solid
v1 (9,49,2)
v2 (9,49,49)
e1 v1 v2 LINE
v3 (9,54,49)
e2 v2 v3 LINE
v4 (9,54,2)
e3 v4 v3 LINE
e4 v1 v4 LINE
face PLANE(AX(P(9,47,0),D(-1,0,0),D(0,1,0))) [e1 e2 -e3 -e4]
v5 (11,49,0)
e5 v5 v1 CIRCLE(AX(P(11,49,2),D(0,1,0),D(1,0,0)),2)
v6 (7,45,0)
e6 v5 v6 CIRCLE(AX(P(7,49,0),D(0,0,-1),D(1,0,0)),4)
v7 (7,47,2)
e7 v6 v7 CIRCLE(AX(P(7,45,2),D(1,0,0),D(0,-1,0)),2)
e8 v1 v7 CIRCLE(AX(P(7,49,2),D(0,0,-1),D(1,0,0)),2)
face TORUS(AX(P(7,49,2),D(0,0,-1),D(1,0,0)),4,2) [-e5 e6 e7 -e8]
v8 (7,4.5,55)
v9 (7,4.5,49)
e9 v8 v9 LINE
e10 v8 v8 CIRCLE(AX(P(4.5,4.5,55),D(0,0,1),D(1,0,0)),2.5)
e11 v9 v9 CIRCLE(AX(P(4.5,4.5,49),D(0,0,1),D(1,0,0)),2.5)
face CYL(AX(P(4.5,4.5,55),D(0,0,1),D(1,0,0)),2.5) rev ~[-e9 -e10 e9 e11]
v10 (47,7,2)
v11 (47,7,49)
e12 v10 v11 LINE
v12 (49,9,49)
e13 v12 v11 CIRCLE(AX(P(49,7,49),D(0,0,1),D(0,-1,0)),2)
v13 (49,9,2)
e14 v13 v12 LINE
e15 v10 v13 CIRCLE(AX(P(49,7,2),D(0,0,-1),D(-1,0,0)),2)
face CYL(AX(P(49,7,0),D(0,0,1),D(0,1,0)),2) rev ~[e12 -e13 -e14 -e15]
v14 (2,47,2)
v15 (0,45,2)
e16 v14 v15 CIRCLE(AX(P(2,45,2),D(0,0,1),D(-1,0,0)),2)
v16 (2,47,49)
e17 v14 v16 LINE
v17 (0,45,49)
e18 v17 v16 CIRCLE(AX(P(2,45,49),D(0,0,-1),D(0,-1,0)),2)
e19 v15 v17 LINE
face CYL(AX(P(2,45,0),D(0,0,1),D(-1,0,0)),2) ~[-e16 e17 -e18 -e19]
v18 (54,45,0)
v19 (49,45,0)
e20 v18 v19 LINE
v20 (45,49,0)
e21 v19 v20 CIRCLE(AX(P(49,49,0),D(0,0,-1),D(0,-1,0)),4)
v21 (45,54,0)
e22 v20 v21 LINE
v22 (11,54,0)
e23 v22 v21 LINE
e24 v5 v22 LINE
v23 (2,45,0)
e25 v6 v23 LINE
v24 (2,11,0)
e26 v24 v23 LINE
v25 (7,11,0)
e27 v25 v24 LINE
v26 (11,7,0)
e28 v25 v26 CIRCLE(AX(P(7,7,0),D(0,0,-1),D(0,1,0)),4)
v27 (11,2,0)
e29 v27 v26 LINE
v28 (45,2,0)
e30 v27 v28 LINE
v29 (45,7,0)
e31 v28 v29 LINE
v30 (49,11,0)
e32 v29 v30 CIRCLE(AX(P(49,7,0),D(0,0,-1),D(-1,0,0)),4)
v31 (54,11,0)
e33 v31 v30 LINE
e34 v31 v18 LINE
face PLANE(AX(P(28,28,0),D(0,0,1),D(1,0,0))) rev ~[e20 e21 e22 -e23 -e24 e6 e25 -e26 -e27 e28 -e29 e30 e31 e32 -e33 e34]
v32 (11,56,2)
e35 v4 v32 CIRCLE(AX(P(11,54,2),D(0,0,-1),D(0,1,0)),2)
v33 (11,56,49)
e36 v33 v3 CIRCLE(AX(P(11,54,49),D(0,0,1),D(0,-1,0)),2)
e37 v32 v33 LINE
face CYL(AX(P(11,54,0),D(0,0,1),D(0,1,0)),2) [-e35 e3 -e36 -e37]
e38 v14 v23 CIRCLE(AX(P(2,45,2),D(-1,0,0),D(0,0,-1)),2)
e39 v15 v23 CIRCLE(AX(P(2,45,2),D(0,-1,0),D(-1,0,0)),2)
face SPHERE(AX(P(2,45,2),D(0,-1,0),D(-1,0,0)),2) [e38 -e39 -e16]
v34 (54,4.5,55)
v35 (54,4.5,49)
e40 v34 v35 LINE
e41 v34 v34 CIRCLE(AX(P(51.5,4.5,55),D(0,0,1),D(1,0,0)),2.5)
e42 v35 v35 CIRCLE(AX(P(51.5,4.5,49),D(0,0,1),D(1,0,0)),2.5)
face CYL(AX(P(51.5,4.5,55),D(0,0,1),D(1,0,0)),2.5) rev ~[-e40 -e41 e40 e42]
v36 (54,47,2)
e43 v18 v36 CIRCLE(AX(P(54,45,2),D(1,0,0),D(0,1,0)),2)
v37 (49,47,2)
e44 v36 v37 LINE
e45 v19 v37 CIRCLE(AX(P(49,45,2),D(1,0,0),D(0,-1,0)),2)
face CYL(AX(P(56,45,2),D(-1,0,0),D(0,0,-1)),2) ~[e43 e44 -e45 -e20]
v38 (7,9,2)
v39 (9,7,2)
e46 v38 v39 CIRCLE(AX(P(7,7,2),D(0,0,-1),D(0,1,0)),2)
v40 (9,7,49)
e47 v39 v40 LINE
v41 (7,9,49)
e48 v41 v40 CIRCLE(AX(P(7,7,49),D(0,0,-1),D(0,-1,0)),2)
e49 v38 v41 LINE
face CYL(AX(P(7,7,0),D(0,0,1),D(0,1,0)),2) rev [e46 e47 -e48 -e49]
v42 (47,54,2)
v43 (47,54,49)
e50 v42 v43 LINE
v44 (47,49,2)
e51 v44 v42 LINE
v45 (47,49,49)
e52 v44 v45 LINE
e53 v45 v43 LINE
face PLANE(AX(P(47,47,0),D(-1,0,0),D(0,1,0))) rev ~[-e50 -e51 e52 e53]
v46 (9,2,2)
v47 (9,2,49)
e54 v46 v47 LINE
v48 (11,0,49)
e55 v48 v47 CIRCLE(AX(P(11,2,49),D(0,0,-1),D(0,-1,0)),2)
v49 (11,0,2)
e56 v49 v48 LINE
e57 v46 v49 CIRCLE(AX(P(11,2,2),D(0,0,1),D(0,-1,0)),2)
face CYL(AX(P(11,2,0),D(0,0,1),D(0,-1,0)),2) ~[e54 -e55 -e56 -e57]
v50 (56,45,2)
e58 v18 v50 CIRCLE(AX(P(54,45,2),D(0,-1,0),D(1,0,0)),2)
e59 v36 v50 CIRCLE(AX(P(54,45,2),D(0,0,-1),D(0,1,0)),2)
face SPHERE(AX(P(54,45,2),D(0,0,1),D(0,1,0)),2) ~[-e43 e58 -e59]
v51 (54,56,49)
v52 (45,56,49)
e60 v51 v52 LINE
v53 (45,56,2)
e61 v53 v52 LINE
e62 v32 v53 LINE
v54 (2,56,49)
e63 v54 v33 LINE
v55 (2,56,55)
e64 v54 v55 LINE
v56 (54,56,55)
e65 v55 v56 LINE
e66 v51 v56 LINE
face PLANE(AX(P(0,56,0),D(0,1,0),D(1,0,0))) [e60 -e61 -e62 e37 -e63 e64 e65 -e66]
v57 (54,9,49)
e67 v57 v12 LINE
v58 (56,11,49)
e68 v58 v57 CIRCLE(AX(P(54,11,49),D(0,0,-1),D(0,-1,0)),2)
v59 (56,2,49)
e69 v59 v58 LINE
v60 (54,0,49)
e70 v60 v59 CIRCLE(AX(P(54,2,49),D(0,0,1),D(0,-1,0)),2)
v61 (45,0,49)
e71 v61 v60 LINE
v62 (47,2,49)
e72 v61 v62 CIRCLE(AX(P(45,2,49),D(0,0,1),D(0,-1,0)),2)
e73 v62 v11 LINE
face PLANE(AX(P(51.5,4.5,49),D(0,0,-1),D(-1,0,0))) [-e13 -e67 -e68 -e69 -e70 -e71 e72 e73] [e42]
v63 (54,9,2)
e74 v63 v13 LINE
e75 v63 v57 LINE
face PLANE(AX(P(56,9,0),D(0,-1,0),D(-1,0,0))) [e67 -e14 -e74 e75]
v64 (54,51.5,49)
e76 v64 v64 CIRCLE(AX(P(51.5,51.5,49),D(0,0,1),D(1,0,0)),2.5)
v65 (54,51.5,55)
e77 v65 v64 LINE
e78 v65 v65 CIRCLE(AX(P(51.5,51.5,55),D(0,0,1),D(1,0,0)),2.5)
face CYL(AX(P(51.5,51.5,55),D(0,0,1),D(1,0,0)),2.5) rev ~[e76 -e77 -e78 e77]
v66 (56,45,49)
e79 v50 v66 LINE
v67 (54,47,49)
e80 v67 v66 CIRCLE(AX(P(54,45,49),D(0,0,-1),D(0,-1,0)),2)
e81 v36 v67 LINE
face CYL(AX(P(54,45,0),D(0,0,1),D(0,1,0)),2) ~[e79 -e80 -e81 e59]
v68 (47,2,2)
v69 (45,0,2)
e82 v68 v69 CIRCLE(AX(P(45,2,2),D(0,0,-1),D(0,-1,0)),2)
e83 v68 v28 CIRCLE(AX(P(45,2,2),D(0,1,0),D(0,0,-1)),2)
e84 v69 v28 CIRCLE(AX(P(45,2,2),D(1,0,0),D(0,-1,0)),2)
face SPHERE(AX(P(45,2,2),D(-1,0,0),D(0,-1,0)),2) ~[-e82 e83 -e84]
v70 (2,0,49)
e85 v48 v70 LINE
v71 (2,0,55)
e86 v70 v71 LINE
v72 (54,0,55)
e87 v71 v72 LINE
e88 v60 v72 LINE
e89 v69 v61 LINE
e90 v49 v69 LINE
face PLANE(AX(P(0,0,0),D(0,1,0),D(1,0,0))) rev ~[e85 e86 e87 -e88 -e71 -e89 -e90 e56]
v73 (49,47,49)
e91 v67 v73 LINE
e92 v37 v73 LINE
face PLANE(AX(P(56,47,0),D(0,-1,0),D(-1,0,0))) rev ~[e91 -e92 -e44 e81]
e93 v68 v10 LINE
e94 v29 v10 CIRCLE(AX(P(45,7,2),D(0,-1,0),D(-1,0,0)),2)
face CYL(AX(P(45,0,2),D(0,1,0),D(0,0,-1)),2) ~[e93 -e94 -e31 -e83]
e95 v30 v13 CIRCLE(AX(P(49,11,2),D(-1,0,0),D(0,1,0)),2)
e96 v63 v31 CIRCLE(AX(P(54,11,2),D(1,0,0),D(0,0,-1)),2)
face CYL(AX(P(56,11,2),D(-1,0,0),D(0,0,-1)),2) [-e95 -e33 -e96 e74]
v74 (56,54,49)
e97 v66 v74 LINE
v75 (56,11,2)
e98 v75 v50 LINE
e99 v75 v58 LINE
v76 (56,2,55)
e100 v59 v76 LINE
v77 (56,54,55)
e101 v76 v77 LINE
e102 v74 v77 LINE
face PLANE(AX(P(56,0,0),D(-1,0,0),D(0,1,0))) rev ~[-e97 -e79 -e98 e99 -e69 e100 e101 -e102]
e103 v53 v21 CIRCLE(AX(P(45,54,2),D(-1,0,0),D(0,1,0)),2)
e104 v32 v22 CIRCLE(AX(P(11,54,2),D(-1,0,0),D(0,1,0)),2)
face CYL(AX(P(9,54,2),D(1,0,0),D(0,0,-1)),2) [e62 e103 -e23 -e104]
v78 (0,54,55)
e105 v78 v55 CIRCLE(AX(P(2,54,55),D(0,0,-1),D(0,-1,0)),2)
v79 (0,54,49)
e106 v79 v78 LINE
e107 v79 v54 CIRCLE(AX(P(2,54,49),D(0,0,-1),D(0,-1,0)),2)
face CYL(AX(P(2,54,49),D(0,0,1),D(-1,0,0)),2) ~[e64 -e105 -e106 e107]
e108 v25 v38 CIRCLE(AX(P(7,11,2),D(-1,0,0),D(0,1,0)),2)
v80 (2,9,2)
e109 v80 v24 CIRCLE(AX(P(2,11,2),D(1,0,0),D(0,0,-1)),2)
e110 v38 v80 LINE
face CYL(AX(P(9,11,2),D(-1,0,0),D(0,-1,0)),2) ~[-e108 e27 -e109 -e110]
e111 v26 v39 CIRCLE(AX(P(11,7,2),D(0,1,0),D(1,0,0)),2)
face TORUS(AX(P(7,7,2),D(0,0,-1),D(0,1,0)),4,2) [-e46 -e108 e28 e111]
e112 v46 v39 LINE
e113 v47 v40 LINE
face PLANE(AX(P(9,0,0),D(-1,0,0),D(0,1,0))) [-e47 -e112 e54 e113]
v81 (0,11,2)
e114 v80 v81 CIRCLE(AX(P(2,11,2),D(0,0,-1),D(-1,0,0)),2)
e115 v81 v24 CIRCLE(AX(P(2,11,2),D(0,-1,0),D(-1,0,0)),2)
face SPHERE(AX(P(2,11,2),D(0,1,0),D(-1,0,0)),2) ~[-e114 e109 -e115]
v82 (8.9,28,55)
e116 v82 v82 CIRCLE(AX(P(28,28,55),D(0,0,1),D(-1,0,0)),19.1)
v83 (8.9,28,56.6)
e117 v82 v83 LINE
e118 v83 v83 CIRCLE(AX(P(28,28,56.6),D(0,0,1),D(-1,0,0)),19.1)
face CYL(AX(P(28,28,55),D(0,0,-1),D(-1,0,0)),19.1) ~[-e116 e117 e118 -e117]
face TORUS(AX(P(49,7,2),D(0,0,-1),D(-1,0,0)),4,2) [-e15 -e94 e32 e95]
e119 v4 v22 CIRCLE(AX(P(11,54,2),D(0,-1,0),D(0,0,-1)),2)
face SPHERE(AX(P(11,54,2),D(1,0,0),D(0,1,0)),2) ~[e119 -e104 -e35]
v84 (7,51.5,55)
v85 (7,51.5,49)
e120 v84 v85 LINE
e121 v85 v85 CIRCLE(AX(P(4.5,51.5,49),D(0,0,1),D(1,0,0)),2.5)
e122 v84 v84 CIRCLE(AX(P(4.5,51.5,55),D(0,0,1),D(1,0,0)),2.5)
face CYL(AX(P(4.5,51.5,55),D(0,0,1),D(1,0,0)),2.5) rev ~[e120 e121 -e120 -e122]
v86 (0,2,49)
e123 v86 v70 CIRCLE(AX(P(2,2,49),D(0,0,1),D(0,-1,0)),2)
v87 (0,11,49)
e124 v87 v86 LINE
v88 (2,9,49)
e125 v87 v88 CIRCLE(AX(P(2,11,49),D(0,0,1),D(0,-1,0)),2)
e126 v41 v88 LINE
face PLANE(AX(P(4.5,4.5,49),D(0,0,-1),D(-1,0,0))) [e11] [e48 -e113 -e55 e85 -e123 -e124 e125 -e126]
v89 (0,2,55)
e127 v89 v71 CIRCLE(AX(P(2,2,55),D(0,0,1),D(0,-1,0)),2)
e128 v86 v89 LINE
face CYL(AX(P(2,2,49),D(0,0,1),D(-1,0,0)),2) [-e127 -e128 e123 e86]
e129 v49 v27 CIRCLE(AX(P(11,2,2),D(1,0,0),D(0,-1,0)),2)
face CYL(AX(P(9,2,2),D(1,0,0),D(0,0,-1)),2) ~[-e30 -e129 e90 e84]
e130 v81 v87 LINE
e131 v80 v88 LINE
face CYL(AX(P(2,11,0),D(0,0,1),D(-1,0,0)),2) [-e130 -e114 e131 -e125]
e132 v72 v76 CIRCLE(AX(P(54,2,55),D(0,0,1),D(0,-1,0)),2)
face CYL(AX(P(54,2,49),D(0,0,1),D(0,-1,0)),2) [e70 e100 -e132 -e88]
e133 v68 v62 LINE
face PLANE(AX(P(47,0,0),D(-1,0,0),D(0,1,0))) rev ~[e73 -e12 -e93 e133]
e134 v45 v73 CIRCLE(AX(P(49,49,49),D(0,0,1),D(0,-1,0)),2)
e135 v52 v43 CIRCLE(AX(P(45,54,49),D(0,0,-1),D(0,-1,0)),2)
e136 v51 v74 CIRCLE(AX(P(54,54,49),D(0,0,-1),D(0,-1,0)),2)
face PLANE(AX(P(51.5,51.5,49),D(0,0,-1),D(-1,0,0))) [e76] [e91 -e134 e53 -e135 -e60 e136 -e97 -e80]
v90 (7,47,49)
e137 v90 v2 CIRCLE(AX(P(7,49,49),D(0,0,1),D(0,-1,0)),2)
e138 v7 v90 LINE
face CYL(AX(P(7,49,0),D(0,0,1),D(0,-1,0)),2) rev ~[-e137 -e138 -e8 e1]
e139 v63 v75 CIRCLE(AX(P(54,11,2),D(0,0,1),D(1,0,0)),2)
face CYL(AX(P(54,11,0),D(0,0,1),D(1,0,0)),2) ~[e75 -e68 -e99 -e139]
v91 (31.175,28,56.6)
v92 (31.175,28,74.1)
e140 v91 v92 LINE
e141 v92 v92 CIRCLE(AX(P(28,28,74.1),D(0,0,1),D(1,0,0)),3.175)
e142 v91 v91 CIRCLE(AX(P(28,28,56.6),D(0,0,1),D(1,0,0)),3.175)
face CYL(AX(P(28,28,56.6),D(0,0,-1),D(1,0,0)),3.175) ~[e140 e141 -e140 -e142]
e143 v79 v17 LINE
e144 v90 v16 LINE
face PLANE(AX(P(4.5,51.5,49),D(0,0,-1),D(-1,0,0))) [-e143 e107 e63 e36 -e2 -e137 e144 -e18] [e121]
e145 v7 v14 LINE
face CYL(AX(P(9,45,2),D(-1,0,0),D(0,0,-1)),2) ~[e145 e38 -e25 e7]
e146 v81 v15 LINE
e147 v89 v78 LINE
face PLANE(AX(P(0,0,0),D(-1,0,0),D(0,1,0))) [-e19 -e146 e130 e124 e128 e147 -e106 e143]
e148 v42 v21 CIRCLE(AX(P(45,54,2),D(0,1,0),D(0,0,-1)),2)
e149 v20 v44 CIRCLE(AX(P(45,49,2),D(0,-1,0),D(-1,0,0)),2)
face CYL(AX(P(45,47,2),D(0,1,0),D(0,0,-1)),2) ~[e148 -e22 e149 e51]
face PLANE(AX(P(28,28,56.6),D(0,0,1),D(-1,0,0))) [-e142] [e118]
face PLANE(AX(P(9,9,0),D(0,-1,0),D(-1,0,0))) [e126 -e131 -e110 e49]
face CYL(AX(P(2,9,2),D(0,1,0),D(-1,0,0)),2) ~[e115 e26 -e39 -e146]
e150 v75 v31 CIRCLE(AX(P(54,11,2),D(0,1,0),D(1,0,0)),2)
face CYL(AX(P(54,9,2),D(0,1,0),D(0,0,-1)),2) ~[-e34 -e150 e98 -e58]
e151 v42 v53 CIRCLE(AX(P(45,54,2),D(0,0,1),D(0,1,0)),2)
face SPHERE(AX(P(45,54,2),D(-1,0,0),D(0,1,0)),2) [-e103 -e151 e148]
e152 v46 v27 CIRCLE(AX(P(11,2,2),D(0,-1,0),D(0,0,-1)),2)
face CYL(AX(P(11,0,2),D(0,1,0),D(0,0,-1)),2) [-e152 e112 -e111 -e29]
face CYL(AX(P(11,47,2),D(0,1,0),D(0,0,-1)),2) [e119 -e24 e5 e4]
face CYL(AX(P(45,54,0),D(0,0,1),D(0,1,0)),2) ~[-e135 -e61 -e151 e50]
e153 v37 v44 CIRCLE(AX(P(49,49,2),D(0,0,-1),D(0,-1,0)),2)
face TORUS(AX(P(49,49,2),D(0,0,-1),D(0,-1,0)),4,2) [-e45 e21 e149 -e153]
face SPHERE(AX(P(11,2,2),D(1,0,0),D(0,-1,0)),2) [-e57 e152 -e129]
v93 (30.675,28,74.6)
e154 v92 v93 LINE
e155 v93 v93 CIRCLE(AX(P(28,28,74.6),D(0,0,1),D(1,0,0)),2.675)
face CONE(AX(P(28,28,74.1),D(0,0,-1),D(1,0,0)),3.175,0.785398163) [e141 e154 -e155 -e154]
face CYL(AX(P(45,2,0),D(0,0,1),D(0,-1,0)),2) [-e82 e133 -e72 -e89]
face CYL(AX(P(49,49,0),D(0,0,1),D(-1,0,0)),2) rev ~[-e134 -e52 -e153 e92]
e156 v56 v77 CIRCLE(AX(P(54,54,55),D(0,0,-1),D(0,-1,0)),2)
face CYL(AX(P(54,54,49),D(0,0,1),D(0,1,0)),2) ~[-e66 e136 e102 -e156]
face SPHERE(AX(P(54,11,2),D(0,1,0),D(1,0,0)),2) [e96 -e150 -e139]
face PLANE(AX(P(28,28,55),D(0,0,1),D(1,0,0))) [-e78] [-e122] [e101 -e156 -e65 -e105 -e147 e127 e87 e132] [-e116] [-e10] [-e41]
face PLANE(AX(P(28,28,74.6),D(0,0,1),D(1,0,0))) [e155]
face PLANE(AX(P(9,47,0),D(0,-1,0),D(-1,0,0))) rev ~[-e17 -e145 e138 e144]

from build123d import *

# Parameters (mm, degrees)
SKETCH_1_W          = 56
SKETCH_1_H          = 56
EXTRUDE_1_DEPTH     = 55
SKETCH_2_W          = 9
SKETCH_2_H          = 9
CUT_EXTRUDE_1_DEPTH = 49
FILLET_1_R          = 2
SKETCH_3_R          = 19.1
EXTRUDE_2_DEPTH     = 1.6
SKETCH_4_R          = 3.175
EXTRUDE_3_DEPTH     = 18
SKETCH_5_R          = 2.5
CUT_EXTRUDE_2_DEPTH = 18
CHAMFER_1_SIZE      = 0.5


with BuildPart() as part:
    # Эскиз1 → Вытянуть1 (new body)
    with BuildSketch(Plane.XY):
        with Locations((28, 28)):
            Rectangle(SKETCH_1_W, SKETCH_1_H)
    extrude(amount=EXTRUDE_1_DEPTH)

    # Эскиз2 → Вырез-Вытянуть1 (cut)
    with BuildSketch(Plane(origin=(0, 0, 0), x_dir=(-1, 0, 0), z_dir=(0, 0, -1))):
        with Locations((-51.5, 51.5)):
            Rectangle(SKETCH_2_W, SKETCH_2_H)
        with Locations((-4.5, 51.5)):
            Rectangle(SKETCH_2_W, SKETCH_2_H)
        with Locations((-4.5, 4.5)):
            Rectangle(SKETCH_2_W, SKETCH_2_H)
        with Locations((-51.5, 4.5)):
            Rectangle(SKETCH_2_W, SKETCH_2_H)
    extrude(amount=-CUT_EXTRUDE_1_DEPTH, mode=Mode.SUBTRACT)

    # Скругление1
    fillet_1_edges = [part.edges().sort_by_distance(p)[0] for p in [
        (28, 56, 0),
        (56, 47, 24.5),
        (47, 56, 24.5),
        (47, 47, 24.5),
        (51.5, 47, 0),
        (47, 51.5, 0),
        (0, 28, 0),
        (9, 56, 24.5),
        (0, 47, 24.5),
        (9, 47, 24.5),
        (9, 51.5, 0),
        (4.5, 47, 0),
        (28, 0, 0),
        (0, 9, 24.5),
        (9, 0, 24.5),
        (9, 9, 24.5),
        (4.5, 9, 0),
        (9, 4.5, 0),
        (56, 28, 0),
        (47, 0, 24.5),
        (56, 9, 24.5),
        (47, 9, 24.5),
        (47, 4.5, 0),
        (51.5, 9, 0),
        (0, 56, 52),
        (56, 56, 52),
        (56, 0, 52),
        (0, 0, 52),
    ]]
    fillet(fillet_1_edges, radius=FILLET_1_R)

    # Эскиз3 → Вытянуть2 (add)
    with BuildSketch(Plane.XY.offset(55)):
        with Locations(Location((28, 28, 0), (0, 0, 180))):
            Circle(SKETCH_3_R)
    extrude(amount=EXTRUDE_2_DEPTH)

    # Эскиз4 → Вытянуть3 (add)
    with BuildSketch(Plane.XY.offset(56.6)):
        with Locations((28, 28)):
            Circle(SKETCH_4_R)
    extrude(amount=EXTRUDE_3_DEPTH)

    # Эскиз5 → Вырез-Вытянуть2 (cut)
    with BuildSketch(Plane.XY.offset(55)):
        with Locations((4.5, 51.5)):
            Circle(SKETCH_5_R)
        with Locations((51.5, 51.5)):
            Circle(SKETCH_5_R)
        with Locations((4.5, 4.5)):
            Circle(SKETCH_5_R)
        with Locations((51.5, 4.5)):
            Circle(SKETCH_5_R)
    extrude(amount=-CUT_EXTRUDE_2_DEPTH, mode=Mode.SUBTRACT)

    # Фаска1
    chamfer_1_edges = [part.edges().sort_by_distance(p)[0] for p in [
        (24.825, 28, 74.6),
    ]]
    chamfer(chamfer_1_edges, length=CHAMFER_1_SIZE)


solid = part.part
